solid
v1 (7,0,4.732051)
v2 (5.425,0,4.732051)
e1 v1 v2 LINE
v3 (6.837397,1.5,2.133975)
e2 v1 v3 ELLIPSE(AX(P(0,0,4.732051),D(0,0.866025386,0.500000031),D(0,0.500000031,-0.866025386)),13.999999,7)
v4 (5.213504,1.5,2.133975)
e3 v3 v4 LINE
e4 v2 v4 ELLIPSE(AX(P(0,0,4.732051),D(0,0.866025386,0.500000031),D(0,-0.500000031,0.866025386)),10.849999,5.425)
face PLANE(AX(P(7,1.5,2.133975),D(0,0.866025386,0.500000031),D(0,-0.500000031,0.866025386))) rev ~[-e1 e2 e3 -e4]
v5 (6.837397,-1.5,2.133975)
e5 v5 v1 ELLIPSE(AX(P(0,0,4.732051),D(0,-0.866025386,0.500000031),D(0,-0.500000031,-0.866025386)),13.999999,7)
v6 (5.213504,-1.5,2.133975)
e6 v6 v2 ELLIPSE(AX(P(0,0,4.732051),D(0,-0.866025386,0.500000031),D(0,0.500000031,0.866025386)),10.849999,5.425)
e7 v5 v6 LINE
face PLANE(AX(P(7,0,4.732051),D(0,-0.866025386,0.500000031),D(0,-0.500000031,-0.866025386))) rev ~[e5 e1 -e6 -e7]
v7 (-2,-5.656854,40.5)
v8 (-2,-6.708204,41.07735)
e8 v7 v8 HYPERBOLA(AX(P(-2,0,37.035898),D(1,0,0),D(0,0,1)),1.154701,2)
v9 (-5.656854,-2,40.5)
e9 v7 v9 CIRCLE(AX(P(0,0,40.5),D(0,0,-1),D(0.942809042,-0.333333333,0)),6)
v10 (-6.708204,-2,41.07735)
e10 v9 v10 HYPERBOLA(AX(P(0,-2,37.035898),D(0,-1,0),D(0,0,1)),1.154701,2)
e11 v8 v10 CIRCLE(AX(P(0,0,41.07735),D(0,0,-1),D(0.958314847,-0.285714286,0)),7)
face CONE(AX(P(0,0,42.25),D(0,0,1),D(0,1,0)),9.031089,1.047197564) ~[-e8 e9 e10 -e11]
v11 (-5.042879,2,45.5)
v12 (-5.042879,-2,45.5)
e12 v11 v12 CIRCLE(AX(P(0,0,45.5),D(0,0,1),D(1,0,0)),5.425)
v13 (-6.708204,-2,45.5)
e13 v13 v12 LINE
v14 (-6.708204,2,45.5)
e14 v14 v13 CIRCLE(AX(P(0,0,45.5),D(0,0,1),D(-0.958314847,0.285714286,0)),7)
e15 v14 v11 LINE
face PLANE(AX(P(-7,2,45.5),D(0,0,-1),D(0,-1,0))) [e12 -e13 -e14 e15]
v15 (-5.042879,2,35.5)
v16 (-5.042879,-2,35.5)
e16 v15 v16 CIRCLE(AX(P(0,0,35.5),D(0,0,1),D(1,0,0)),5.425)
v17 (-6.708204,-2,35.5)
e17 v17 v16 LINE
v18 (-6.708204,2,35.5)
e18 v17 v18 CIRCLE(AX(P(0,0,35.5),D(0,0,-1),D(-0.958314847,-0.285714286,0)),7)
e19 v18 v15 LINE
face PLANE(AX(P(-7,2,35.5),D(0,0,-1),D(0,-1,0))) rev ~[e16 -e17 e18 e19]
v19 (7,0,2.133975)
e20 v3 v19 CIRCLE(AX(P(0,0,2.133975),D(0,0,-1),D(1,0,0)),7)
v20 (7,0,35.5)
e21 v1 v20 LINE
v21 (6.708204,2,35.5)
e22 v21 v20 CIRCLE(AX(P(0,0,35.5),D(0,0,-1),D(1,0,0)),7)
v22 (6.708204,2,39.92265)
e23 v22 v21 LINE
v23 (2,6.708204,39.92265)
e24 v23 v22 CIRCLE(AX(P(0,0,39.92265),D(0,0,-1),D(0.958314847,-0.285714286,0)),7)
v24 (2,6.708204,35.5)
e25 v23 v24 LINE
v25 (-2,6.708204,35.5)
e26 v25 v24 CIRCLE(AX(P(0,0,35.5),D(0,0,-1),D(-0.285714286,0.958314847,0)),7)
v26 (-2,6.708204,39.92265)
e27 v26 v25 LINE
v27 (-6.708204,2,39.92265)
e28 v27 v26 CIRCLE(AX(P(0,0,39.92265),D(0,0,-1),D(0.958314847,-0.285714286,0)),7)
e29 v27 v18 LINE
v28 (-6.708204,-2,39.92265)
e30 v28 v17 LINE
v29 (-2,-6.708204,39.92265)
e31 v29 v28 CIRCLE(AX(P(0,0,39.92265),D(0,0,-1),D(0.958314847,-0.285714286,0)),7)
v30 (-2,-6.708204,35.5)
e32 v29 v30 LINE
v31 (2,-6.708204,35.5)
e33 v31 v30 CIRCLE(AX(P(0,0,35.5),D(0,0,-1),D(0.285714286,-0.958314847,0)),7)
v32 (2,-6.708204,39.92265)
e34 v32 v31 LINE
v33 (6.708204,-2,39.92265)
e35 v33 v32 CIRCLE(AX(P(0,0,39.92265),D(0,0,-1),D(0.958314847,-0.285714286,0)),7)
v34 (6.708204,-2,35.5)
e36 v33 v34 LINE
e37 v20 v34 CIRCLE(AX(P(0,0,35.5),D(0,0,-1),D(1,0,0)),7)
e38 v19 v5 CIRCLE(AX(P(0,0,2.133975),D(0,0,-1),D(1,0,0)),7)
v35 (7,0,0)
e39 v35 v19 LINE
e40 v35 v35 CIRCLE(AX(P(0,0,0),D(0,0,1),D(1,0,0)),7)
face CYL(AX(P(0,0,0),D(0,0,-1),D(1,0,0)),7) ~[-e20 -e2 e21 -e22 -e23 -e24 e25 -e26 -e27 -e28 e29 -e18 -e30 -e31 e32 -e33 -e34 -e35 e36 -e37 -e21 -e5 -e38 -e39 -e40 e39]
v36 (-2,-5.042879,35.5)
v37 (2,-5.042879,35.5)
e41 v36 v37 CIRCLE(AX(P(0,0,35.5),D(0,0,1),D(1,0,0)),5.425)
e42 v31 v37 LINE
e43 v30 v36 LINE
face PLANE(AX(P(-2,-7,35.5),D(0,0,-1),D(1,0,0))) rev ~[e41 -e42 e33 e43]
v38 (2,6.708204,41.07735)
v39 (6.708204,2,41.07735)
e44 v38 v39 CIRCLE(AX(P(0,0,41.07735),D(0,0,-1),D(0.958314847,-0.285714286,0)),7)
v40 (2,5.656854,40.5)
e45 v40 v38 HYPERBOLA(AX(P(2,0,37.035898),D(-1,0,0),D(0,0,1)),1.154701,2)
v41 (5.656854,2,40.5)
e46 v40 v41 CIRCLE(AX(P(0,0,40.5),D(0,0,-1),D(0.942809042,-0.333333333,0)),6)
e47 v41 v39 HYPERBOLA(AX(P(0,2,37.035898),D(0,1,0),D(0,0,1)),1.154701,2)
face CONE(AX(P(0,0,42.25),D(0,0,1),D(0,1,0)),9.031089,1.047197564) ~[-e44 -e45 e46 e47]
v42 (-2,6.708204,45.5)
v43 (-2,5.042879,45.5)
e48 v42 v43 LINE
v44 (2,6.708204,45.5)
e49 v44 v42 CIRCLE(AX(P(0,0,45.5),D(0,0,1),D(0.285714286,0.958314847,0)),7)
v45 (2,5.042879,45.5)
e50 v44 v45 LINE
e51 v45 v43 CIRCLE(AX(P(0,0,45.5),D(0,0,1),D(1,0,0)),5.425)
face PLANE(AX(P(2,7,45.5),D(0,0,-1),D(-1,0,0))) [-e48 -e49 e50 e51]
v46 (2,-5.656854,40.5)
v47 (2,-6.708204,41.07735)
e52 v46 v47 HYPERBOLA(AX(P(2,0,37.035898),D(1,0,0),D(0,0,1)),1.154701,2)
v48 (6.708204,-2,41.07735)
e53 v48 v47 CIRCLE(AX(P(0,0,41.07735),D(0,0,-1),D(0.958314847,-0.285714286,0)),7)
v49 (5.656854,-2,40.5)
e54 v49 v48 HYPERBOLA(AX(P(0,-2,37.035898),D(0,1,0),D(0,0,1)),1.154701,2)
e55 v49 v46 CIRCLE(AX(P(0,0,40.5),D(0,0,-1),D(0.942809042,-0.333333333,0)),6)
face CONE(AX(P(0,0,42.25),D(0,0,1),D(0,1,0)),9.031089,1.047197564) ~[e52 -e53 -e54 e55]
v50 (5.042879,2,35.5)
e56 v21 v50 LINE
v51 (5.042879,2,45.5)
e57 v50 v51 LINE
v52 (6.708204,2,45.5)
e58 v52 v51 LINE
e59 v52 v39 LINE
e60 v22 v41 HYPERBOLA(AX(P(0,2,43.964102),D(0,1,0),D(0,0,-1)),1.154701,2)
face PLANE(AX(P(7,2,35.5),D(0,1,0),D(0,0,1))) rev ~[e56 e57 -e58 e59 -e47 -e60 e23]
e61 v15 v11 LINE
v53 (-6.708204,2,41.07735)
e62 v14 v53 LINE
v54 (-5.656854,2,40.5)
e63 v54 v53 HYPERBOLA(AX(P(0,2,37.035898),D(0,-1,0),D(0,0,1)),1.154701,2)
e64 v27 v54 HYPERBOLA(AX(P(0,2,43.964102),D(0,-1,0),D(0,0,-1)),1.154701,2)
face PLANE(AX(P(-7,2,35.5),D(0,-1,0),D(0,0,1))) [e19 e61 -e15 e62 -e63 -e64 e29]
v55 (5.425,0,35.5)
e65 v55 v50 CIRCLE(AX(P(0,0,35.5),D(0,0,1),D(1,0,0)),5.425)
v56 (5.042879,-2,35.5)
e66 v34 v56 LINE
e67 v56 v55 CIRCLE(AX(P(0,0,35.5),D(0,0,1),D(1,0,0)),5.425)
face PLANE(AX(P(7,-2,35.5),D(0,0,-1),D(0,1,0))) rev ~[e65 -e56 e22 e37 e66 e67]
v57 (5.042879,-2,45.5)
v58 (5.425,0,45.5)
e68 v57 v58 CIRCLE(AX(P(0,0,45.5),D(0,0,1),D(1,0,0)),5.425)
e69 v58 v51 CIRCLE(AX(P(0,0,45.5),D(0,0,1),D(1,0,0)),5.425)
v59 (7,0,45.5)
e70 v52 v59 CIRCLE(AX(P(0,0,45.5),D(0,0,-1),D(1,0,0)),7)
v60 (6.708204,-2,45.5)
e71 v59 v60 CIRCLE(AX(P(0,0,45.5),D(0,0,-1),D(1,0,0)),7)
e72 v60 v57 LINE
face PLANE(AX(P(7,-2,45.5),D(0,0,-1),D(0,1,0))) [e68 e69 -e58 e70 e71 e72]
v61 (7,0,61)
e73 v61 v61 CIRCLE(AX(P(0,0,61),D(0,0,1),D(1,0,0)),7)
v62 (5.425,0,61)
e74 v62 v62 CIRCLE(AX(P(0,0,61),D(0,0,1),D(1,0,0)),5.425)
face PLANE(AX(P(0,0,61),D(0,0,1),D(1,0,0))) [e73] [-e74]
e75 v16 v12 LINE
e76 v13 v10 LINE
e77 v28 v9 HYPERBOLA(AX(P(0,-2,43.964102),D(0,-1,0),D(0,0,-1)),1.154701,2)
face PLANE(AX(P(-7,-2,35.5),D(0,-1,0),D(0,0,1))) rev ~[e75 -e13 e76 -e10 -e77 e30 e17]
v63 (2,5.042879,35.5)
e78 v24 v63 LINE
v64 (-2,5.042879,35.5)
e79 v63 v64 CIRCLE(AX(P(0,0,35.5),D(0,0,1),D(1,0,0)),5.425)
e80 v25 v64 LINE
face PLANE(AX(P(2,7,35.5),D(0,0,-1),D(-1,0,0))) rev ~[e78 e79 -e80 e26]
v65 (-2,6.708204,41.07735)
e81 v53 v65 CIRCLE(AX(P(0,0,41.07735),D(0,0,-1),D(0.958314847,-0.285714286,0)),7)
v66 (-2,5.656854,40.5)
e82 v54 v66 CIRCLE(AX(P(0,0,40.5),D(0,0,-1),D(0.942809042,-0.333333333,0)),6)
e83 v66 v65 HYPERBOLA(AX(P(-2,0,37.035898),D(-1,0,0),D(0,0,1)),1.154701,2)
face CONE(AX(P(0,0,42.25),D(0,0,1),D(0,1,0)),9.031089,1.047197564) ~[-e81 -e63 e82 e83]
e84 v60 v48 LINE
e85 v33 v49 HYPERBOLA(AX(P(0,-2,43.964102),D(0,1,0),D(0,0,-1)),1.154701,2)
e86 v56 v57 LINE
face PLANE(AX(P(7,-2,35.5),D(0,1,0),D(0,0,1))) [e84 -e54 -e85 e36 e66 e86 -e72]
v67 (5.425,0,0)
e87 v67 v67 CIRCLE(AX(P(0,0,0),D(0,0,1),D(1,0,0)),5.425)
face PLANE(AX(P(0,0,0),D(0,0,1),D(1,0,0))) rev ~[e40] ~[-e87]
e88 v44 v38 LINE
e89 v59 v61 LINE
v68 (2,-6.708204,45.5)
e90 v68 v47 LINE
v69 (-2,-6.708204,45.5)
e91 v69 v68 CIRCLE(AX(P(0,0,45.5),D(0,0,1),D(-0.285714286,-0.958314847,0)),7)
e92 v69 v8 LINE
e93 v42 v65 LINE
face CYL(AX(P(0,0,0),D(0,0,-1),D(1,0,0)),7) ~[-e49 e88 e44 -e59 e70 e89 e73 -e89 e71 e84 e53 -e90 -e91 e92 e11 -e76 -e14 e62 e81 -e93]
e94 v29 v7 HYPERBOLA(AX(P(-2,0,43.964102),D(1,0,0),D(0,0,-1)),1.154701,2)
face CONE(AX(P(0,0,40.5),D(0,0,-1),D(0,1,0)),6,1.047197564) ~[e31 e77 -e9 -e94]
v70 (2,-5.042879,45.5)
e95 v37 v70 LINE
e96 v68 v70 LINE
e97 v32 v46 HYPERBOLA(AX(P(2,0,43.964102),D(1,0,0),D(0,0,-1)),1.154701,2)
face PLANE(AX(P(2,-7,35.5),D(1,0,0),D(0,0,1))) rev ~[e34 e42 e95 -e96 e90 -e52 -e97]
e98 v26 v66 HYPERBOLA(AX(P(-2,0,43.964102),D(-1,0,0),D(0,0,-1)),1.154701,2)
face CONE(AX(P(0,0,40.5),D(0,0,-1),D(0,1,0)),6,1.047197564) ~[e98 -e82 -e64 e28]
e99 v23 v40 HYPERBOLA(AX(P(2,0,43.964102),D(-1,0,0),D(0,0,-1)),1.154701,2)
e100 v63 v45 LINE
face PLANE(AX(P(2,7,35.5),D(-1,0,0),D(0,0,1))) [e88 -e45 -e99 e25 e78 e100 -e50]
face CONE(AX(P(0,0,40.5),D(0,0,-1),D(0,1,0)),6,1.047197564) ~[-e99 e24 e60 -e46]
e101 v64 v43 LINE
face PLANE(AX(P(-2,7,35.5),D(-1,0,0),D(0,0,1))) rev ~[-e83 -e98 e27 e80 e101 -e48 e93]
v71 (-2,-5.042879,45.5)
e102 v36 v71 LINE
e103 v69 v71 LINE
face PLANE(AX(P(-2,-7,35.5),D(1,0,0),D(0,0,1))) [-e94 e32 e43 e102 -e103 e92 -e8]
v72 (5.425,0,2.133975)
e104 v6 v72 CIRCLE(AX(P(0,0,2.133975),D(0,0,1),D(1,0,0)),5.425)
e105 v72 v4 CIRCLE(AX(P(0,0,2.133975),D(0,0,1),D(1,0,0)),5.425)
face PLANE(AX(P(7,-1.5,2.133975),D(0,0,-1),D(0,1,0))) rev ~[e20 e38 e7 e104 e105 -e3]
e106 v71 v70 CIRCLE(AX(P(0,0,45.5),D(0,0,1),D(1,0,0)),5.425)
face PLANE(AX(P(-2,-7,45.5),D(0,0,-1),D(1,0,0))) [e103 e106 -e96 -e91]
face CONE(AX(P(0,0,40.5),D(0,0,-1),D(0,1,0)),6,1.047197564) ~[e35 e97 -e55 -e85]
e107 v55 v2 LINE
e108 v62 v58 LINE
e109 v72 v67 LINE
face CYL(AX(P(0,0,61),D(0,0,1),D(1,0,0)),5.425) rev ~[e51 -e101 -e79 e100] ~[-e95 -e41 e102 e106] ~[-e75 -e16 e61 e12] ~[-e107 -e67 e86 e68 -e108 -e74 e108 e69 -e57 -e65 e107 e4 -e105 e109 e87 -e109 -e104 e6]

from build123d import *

# Parameters (mm, degrees)
SKETCH_R           = 7
PAD_DEPTH          = 61
SKETCH001_R        = 5.425
POCKET_DEPTH       = 61.001
POCKET001_DEPTH    = 5
SKETCH004_W        = 4
SKETCH004_H        = 10
POCKET002_DEPTH    = 5
POLARPATTERN_COUNT = 4


with BuildPart() as part:
    # Sketch → Pad (new body)
    with BuildSketch(Plane.XY):
        Circle(SKETCH_R)
    extrude(amount=PAD_DEPTH)

    # Sketch001 (on Face3 of Pad) → Pocket (cut, through all)
    with BuildSketch(Plane.XY.offset(61)):
        Circle(SKETCH001_R)
    extrude(amount=-POCKET_DEPTH, mode=Mode.SUBTRACT)

    # Sketch002 (on DatumPlane) → Groove (revolve, cut)
    with BuildSketch(Plane(origin=(0, 0, 30.5), x_dir=(0, 0, -1), z_dir=(1, 0, 0))):
        Polygon((-8.25, 9.031089), (-11.75, 9.031089), (-10, 6), align=None)
    revolve(axis=Axis((0, 0, 0), (0, 0, 1)), mode=Mode.SUBTRACT)

    # Sketch003 (on DatumPlane) → Pocket001 (cut)
    with BuildSketch(Plane.YZ.offset(7)):
        Polygon((0, 4.732051), (-1.5, 2.133975), (1.5, 2.133975), align=None)
    extrude(amount=-POCKET001_DEPTH, mode=Mode.SUBTRACT)

    # Sketch004 (on DatumPlane) → Pocket002 (cut)
    with BuildSketch(Plane.YZ.offset(7)):
        with Locations((0, 40.5)):
            Rectangle(SKETCH004_W, SKETCH004_H)
    pocket002 = extrude(amount=-POCKET002_DEPTH, mode=Mode.SUBTRACT)

    # PolarPattern: Pocket002 ×4 about axis
    polarpattern_axis = Axis((0, 0, 0), (0, 0, 1))
    for i in range(1, POLARPATTERN_COUNT):
        add(pocket002.rotate(polarpattern_axis, i * 360 / POLARPATTERN_COUNT), mode=Mode.SUBTRACT)


solid = part.part
